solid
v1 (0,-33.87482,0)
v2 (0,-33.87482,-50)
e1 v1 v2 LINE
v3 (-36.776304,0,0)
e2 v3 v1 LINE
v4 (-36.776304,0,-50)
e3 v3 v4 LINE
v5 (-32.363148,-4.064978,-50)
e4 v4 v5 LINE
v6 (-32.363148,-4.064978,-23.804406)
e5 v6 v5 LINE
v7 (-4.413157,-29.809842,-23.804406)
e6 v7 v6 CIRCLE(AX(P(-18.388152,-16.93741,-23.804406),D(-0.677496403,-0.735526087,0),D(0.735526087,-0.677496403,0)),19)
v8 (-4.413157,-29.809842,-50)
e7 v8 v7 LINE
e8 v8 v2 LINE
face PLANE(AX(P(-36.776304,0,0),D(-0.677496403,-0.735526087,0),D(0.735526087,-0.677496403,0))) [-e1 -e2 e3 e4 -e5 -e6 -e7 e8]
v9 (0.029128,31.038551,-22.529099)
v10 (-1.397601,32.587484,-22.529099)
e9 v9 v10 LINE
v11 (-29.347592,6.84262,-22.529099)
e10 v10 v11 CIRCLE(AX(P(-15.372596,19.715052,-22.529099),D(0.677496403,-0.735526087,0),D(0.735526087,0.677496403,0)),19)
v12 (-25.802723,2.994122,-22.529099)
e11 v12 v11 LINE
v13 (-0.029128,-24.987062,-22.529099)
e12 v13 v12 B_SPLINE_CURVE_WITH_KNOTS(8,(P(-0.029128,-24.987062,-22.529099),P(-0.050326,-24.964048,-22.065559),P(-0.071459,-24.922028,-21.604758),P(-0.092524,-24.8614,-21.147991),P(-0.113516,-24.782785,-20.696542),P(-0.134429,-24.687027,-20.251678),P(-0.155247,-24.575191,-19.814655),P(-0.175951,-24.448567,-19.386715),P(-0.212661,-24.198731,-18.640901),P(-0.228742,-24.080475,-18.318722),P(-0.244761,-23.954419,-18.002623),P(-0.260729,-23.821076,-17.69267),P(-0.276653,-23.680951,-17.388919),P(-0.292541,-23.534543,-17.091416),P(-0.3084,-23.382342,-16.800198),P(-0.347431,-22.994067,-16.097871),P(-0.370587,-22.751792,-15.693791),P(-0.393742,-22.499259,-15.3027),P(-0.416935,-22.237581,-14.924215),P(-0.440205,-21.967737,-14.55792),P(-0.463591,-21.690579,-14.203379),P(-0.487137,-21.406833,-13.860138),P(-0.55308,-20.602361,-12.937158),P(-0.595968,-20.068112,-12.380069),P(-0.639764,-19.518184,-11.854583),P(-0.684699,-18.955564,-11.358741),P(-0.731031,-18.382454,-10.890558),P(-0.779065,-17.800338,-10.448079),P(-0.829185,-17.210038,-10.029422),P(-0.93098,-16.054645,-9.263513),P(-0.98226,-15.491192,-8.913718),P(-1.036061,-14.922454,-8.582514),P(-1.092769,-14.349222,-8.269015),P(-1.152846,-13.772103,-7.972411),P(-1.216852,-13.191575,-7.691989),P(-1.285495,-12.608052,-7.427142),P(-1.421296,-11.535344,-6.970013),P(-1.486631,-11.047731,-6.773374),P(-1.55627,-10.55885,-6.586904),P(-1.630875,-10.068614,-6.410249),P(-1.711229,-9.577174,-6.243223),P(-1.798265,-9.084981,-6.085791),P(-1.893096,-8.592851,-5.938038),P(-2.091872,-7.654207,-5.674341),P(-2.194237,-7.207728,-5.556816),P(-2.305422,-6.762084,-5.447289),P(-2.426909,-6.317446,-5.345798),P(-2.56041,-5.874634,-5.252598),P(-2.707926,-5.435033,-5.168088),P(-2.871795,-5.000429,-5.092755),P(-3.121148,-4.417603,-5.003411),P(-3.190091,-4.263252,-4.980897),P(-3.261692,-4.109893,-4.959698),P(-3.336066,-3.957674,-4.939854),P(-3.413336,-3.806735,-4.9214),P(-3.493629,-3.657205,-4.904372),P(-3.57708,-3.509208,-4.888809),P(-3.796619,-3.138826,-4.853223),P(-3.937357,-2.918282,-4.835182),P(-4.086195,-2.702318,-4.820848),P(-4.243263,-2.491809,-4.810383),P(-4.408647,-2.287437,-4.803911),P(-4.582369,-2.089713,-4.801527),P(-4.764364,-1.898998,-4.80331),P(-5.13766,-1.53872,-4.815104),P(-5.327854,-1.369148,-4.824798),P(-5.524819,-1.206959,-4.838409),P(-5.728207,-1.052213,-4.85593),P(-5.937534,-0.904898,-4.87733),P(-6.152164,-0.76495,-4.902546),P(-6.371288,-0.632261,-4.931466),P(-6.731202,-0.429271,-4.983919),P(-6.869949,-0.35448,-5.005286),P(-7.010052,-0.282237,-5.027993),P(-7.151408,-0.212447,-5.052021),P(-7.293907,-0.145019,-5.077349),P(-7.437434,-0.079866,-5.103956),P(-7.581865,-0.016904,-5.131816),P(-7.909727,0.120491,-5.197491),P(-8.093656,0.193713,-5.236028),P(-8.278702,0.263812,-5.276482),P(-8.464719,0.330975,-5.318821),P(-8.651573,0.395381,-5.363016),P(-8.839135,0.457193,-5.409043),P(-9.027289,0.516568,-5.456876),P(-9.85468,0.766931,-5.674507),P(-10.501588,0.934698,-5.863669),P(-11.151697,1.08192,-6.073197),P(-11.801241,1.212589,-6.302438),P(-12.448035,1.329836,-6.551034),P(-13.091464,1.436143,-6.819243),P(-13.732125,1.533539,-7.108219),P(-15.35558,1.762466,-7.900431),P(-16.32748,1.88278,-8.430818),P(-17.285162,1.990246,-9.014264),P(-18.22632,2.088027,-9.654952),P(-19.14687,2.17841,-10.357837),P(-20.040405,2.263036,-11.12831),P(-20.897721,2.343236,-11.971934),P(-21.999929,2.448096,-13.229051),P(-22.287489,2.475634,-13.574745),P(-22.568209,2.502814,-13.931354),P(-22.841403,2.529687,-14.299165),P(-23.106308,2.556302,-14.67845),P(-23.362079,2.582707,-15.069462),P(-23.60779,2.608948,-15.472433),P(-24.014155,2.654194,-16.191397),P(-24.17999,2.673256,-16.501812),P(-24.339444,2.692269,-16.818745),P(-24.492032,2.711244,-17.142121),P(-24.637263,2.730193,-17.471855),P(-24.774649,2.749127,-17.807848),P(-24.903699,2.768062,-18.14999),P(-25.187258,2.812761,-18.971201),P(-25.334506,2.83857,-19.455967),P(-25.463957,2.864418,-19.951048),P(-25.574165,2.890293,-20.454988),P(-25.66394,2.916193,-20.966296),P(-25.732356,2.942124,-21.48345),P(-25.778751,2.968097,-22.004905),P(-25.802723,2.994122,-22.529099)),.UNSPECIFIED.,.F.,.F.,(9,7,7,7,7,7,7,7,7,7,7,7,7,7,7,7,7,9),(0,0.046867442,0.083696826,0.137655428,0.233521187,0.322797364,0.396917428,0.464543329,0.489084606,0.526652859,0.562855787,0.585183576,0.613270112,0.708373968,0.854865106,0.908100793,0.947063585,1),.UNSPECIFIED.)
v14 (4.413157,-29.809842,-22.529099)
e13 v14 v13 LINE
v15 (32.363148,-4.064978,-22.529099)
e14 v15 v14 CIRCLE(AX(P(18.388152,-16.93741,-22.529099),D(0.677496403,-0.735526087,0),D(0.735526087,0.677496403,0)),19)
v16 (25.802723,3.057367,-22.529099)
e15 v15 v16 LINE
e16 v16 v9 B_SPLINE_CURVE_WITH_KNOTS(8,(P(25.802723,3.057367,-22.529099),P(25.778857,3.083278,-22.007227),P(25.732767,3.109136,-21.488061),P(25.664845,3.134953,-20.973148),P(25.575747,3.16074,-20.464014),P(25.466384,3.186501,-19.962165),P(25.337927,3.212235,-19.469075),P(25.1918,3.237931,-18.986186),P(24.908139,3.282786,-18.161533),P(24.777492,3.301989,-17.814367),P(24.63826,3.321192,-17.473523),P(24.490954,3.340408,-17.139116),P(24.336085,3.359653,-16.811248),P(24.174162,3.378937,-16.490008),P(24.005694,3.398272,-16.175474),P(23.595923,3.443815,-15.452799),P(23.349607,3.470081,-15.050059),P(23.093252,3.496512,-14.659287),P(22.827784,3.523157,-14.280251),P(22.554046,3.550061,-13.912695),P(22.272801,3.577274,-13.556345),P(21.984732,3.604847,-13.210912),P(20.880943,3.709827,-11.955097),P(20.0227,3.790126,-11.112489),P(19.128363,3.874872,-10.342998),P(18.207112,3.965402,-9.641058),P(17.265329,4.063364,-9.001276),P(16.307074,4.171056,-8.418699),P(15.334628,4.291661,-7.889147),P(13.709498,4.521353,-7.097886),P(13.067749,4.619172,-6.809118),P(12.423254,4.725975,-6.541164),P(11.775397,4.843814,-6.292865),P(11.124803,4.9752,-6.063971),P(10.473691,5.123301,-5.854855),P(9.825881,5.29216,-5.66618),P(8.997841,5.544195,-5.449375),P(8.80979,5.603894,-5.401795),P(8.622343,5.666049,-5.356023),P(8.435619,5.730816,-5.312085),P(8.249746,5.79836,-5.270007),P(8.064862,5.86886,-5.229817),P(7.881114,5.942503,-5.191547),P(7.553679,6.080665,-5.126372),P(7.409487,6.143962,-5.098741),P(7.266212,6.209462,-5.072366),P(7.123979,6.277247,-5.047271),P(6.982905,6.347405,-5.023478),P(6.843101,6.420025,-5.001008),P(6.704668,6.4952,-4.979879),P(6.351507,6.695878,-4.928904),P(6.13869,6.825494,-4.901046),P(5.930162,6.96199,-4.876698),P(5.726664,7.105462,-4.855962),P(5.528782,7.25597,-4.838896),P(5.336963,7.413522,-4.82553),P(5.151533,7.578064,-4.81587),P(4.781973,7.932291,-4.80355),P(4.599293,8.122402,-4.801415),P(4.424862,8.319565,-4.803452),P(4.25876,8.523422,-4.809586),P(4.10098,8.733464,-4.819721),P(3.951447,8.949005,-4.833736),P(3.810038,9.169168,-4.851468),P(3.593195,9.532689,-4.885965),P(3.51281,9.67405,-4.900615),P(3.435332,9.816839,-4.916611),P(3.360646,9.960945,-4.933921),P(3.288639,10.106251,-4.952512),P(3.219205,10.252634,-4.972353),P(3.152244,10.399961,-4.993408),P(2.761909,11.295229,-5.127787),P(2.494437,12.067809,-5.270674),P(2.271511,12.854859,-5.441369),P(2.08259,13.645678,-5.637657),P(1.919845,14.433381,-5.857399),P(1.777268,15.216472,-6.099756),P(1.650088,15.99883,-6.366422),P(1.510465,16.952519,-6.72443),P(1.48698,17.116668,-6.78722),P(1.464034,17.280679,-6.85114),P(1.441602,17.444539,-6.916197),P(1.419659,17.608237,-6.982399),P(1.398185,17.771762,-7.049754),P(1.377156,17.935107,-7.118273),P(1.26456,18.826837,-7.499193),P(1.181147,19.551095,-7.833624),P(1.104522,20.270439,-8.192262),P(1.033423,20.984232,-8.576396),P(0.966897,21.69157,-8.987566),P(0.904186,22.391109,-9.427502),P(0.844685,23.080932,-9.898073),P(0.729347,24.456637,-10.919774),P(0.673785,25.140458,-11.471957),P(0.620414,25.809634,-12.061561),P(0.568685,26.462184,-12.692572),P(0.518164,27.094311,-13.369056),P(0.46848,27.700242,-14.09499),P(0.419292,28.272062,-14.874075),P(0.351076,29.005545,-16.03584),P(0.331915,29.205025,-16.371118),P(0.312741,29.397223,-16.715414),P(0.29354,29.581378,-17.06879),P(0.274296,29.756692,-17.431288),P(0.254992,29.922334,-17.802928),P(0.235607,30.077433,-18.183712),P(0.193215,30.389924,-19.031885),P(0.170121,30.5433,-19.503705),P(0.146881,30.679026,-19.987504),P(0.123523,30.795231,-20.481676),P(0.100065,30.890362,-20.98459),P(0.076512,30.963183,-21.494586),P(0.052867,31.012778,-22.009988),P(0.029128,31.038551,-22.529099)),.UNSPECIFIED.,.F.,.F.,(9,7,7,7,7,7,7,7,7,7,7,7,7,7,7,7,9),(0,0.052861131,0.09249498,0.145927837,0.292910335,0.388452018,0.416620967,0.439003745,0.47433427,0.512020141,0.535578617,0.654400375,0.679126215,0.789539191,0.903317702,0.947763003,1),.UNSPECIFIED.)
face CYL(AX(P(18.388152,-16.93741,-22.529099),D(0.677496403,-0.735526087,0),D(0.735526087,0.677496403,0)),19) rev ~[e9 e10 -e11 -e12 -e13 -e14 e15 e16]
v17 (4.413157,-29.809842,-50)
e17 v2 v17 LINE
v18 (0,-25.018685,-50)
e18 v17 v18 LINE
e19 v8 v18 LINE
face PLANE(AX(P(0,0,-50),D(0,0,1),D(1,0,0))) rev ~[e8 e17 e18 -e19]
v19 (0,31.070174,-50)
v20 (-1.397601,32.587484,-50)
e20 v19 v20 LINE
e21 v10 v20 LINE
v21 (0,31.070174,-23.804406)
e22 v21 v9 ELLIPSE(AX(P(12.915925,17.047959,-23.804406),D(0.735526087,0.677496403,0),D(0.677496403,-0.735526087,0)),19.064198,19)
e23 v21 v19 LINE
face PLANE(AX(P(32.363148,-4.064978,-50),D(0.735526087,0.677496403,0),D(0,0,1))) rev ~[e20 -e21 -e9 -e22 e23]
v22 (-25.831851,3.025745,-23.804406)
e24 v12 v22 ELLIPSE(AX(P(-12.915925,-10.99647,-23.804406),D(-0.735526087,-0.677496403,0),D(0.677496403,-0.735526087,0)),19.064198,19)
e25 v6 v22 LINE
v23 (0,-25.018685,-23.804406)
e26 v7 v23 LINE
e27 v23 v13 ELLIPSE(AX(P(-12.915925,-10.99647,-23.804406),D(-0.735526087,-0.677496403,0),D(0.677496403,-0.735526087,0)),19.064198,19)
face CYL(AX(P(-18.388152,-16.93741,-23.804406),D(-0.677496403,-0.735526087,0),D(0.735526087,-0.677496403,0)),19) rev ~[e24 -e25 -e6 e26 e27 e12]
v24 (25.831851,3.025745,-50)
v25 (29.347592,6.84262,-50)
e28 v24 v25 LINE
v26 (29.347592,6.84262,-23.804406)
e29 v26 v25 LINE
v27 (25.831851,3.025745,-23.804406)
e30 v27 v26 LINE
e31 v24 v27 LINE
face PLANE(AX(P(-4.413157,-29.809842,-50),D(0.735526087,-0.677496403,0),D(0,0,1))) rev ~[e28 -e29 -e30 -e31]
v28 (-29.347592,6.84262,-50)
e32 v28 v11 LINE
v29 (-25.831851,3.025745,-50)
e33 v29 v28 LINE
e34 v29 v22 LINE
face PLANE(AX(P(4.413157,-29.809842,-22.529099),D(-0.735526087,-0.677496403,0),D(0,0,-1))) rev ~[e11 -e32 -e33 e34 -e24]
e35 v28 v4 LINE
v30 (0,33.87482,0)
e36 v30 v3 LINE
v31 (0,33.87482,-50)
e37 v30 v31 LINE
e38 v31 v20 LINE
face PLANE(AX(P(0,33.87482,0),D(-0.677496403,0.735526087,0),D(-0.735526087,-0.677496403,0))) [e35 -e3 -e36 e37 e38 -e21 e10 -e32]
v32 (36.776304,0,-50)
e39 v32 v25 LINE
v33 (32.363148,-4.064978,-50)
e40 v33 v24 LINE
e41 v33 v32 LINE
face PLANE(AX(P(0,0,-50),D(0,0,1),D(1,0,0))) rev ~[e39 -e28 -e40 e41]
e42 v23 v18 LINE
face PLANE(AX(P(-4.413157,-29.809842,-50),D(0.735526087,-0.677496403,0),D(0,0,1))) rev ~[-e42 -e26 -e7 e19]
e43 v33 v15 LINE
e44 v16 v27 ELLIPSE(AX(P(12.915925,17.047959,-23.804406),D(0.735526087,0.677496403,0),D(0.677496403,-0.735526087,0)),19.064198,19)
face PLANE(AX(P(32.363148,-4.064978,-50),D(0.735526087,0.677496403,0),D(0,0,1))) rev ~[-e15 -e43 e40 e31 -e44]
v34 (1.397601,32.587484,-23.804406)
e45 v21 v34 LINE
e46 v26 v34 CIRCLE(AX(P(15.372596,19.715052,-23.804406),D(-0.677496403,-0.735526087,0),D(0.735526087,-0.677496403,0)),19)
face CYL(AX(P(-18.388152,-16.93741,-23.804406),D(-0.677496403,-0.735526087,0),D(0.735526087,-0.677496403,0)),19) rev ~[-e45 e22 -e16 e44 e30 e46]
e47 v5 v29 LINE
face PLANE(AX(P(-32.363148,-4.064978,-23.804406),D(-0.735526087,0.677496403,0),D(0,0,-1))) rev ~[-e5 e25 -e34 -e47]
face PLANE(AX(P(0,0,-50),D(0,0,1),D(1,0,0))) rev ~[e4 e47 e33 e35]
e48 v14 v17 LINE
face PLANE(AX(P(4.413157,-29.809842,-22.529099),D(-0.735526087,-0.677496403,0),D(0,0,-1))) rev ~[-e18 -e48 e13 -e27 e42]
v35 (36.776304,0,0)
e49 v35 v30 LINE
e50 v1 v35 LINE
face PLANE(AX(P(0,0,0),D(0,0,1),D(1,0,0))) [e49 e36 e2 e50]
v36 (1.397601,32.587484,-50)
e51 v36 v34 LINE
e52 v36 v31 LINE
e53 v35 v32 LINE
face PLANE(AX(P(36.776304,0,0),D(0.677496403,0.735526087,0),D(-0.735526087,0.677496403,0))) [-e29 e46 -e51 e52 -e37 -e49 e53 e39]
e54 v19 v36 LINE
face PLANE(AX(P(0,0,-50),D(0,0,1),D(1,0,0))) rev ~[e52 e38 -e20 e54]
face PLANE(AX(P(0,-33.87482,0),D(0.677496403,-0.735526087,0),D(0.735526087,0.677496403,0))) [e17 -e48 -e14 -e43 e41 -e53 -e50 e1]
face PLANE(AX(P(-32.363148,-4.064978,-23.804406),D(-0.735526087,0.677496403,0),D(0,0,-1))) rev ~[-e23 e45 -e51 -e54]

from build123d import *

# Parameters (mm, degrees)
F1_DEPTH = 50
F3_DEPTH = 50
F5_DEPTH = 74.7484416821


with BuildPart() as f1:
    # F0 (on Top) → F1 (new body)
    with BuildSketch(Plane.XY):
        Polygon((36.7763043397, 0), (0, 33.874820134), (-36.7763043397, 0), (0, -33.874820134), align=None)
    extrude(amount=-F1_DEPTH)

    # F2 (on face) → F3 (cut)
    with BuildSketch(Plane(origin=(-16.8803742831, -18.3262310928, 0), x_dir=(0.7355260868, -0.6774964027, 0), z_dir=(-0.6774964027, -0.7355260868, 0))):
        with BuildLine():
            Line((-21.0499312177, -23.8044057041), (-21.0499312177, -50))
            Line((-21.0499312177, -50), (16.9500687823, -50))
            Line((16.9500687823, -50), (16.9500687823, -23.8044057041))
            ThreePointArc((16.9500687823, -23.8044057041), (-2.0499312177, -4.8044057041), (-21.0499312177, -23.8044057041))
        make_face()
    extrude(amount=-F3_DEPTH, mode=Mode.SUBTRACT)

    # F4 (on face) → F5 (cut, through all)
    with BuildSketch(Plane(origin=(16.8803742831, -18.3262310928, 0), x_dir=(0.7355260868, 0.6774964027, 0), z_dir=(0.6774964027, -0.7355260868, 0))):
        with BuildLine():
            Line((-16.9500687823, -22.5290991366), (-16.9500687823, -50))
            Line((-16.9500687823, -50), (21.0499312177, -50))
            Line((21.0499312177, -50), (21.0499312177, -22.5290991366))
            ThreePointArc((21.0499312177, -22.5290991366), (2.0499312177, -3.5290991366), (-16.9500687823, -22.5290991366))
        make_face()
    extrude(amount=-F5_DEPTH, mode=Mode.SUBTRACT)


solid = f1.part
